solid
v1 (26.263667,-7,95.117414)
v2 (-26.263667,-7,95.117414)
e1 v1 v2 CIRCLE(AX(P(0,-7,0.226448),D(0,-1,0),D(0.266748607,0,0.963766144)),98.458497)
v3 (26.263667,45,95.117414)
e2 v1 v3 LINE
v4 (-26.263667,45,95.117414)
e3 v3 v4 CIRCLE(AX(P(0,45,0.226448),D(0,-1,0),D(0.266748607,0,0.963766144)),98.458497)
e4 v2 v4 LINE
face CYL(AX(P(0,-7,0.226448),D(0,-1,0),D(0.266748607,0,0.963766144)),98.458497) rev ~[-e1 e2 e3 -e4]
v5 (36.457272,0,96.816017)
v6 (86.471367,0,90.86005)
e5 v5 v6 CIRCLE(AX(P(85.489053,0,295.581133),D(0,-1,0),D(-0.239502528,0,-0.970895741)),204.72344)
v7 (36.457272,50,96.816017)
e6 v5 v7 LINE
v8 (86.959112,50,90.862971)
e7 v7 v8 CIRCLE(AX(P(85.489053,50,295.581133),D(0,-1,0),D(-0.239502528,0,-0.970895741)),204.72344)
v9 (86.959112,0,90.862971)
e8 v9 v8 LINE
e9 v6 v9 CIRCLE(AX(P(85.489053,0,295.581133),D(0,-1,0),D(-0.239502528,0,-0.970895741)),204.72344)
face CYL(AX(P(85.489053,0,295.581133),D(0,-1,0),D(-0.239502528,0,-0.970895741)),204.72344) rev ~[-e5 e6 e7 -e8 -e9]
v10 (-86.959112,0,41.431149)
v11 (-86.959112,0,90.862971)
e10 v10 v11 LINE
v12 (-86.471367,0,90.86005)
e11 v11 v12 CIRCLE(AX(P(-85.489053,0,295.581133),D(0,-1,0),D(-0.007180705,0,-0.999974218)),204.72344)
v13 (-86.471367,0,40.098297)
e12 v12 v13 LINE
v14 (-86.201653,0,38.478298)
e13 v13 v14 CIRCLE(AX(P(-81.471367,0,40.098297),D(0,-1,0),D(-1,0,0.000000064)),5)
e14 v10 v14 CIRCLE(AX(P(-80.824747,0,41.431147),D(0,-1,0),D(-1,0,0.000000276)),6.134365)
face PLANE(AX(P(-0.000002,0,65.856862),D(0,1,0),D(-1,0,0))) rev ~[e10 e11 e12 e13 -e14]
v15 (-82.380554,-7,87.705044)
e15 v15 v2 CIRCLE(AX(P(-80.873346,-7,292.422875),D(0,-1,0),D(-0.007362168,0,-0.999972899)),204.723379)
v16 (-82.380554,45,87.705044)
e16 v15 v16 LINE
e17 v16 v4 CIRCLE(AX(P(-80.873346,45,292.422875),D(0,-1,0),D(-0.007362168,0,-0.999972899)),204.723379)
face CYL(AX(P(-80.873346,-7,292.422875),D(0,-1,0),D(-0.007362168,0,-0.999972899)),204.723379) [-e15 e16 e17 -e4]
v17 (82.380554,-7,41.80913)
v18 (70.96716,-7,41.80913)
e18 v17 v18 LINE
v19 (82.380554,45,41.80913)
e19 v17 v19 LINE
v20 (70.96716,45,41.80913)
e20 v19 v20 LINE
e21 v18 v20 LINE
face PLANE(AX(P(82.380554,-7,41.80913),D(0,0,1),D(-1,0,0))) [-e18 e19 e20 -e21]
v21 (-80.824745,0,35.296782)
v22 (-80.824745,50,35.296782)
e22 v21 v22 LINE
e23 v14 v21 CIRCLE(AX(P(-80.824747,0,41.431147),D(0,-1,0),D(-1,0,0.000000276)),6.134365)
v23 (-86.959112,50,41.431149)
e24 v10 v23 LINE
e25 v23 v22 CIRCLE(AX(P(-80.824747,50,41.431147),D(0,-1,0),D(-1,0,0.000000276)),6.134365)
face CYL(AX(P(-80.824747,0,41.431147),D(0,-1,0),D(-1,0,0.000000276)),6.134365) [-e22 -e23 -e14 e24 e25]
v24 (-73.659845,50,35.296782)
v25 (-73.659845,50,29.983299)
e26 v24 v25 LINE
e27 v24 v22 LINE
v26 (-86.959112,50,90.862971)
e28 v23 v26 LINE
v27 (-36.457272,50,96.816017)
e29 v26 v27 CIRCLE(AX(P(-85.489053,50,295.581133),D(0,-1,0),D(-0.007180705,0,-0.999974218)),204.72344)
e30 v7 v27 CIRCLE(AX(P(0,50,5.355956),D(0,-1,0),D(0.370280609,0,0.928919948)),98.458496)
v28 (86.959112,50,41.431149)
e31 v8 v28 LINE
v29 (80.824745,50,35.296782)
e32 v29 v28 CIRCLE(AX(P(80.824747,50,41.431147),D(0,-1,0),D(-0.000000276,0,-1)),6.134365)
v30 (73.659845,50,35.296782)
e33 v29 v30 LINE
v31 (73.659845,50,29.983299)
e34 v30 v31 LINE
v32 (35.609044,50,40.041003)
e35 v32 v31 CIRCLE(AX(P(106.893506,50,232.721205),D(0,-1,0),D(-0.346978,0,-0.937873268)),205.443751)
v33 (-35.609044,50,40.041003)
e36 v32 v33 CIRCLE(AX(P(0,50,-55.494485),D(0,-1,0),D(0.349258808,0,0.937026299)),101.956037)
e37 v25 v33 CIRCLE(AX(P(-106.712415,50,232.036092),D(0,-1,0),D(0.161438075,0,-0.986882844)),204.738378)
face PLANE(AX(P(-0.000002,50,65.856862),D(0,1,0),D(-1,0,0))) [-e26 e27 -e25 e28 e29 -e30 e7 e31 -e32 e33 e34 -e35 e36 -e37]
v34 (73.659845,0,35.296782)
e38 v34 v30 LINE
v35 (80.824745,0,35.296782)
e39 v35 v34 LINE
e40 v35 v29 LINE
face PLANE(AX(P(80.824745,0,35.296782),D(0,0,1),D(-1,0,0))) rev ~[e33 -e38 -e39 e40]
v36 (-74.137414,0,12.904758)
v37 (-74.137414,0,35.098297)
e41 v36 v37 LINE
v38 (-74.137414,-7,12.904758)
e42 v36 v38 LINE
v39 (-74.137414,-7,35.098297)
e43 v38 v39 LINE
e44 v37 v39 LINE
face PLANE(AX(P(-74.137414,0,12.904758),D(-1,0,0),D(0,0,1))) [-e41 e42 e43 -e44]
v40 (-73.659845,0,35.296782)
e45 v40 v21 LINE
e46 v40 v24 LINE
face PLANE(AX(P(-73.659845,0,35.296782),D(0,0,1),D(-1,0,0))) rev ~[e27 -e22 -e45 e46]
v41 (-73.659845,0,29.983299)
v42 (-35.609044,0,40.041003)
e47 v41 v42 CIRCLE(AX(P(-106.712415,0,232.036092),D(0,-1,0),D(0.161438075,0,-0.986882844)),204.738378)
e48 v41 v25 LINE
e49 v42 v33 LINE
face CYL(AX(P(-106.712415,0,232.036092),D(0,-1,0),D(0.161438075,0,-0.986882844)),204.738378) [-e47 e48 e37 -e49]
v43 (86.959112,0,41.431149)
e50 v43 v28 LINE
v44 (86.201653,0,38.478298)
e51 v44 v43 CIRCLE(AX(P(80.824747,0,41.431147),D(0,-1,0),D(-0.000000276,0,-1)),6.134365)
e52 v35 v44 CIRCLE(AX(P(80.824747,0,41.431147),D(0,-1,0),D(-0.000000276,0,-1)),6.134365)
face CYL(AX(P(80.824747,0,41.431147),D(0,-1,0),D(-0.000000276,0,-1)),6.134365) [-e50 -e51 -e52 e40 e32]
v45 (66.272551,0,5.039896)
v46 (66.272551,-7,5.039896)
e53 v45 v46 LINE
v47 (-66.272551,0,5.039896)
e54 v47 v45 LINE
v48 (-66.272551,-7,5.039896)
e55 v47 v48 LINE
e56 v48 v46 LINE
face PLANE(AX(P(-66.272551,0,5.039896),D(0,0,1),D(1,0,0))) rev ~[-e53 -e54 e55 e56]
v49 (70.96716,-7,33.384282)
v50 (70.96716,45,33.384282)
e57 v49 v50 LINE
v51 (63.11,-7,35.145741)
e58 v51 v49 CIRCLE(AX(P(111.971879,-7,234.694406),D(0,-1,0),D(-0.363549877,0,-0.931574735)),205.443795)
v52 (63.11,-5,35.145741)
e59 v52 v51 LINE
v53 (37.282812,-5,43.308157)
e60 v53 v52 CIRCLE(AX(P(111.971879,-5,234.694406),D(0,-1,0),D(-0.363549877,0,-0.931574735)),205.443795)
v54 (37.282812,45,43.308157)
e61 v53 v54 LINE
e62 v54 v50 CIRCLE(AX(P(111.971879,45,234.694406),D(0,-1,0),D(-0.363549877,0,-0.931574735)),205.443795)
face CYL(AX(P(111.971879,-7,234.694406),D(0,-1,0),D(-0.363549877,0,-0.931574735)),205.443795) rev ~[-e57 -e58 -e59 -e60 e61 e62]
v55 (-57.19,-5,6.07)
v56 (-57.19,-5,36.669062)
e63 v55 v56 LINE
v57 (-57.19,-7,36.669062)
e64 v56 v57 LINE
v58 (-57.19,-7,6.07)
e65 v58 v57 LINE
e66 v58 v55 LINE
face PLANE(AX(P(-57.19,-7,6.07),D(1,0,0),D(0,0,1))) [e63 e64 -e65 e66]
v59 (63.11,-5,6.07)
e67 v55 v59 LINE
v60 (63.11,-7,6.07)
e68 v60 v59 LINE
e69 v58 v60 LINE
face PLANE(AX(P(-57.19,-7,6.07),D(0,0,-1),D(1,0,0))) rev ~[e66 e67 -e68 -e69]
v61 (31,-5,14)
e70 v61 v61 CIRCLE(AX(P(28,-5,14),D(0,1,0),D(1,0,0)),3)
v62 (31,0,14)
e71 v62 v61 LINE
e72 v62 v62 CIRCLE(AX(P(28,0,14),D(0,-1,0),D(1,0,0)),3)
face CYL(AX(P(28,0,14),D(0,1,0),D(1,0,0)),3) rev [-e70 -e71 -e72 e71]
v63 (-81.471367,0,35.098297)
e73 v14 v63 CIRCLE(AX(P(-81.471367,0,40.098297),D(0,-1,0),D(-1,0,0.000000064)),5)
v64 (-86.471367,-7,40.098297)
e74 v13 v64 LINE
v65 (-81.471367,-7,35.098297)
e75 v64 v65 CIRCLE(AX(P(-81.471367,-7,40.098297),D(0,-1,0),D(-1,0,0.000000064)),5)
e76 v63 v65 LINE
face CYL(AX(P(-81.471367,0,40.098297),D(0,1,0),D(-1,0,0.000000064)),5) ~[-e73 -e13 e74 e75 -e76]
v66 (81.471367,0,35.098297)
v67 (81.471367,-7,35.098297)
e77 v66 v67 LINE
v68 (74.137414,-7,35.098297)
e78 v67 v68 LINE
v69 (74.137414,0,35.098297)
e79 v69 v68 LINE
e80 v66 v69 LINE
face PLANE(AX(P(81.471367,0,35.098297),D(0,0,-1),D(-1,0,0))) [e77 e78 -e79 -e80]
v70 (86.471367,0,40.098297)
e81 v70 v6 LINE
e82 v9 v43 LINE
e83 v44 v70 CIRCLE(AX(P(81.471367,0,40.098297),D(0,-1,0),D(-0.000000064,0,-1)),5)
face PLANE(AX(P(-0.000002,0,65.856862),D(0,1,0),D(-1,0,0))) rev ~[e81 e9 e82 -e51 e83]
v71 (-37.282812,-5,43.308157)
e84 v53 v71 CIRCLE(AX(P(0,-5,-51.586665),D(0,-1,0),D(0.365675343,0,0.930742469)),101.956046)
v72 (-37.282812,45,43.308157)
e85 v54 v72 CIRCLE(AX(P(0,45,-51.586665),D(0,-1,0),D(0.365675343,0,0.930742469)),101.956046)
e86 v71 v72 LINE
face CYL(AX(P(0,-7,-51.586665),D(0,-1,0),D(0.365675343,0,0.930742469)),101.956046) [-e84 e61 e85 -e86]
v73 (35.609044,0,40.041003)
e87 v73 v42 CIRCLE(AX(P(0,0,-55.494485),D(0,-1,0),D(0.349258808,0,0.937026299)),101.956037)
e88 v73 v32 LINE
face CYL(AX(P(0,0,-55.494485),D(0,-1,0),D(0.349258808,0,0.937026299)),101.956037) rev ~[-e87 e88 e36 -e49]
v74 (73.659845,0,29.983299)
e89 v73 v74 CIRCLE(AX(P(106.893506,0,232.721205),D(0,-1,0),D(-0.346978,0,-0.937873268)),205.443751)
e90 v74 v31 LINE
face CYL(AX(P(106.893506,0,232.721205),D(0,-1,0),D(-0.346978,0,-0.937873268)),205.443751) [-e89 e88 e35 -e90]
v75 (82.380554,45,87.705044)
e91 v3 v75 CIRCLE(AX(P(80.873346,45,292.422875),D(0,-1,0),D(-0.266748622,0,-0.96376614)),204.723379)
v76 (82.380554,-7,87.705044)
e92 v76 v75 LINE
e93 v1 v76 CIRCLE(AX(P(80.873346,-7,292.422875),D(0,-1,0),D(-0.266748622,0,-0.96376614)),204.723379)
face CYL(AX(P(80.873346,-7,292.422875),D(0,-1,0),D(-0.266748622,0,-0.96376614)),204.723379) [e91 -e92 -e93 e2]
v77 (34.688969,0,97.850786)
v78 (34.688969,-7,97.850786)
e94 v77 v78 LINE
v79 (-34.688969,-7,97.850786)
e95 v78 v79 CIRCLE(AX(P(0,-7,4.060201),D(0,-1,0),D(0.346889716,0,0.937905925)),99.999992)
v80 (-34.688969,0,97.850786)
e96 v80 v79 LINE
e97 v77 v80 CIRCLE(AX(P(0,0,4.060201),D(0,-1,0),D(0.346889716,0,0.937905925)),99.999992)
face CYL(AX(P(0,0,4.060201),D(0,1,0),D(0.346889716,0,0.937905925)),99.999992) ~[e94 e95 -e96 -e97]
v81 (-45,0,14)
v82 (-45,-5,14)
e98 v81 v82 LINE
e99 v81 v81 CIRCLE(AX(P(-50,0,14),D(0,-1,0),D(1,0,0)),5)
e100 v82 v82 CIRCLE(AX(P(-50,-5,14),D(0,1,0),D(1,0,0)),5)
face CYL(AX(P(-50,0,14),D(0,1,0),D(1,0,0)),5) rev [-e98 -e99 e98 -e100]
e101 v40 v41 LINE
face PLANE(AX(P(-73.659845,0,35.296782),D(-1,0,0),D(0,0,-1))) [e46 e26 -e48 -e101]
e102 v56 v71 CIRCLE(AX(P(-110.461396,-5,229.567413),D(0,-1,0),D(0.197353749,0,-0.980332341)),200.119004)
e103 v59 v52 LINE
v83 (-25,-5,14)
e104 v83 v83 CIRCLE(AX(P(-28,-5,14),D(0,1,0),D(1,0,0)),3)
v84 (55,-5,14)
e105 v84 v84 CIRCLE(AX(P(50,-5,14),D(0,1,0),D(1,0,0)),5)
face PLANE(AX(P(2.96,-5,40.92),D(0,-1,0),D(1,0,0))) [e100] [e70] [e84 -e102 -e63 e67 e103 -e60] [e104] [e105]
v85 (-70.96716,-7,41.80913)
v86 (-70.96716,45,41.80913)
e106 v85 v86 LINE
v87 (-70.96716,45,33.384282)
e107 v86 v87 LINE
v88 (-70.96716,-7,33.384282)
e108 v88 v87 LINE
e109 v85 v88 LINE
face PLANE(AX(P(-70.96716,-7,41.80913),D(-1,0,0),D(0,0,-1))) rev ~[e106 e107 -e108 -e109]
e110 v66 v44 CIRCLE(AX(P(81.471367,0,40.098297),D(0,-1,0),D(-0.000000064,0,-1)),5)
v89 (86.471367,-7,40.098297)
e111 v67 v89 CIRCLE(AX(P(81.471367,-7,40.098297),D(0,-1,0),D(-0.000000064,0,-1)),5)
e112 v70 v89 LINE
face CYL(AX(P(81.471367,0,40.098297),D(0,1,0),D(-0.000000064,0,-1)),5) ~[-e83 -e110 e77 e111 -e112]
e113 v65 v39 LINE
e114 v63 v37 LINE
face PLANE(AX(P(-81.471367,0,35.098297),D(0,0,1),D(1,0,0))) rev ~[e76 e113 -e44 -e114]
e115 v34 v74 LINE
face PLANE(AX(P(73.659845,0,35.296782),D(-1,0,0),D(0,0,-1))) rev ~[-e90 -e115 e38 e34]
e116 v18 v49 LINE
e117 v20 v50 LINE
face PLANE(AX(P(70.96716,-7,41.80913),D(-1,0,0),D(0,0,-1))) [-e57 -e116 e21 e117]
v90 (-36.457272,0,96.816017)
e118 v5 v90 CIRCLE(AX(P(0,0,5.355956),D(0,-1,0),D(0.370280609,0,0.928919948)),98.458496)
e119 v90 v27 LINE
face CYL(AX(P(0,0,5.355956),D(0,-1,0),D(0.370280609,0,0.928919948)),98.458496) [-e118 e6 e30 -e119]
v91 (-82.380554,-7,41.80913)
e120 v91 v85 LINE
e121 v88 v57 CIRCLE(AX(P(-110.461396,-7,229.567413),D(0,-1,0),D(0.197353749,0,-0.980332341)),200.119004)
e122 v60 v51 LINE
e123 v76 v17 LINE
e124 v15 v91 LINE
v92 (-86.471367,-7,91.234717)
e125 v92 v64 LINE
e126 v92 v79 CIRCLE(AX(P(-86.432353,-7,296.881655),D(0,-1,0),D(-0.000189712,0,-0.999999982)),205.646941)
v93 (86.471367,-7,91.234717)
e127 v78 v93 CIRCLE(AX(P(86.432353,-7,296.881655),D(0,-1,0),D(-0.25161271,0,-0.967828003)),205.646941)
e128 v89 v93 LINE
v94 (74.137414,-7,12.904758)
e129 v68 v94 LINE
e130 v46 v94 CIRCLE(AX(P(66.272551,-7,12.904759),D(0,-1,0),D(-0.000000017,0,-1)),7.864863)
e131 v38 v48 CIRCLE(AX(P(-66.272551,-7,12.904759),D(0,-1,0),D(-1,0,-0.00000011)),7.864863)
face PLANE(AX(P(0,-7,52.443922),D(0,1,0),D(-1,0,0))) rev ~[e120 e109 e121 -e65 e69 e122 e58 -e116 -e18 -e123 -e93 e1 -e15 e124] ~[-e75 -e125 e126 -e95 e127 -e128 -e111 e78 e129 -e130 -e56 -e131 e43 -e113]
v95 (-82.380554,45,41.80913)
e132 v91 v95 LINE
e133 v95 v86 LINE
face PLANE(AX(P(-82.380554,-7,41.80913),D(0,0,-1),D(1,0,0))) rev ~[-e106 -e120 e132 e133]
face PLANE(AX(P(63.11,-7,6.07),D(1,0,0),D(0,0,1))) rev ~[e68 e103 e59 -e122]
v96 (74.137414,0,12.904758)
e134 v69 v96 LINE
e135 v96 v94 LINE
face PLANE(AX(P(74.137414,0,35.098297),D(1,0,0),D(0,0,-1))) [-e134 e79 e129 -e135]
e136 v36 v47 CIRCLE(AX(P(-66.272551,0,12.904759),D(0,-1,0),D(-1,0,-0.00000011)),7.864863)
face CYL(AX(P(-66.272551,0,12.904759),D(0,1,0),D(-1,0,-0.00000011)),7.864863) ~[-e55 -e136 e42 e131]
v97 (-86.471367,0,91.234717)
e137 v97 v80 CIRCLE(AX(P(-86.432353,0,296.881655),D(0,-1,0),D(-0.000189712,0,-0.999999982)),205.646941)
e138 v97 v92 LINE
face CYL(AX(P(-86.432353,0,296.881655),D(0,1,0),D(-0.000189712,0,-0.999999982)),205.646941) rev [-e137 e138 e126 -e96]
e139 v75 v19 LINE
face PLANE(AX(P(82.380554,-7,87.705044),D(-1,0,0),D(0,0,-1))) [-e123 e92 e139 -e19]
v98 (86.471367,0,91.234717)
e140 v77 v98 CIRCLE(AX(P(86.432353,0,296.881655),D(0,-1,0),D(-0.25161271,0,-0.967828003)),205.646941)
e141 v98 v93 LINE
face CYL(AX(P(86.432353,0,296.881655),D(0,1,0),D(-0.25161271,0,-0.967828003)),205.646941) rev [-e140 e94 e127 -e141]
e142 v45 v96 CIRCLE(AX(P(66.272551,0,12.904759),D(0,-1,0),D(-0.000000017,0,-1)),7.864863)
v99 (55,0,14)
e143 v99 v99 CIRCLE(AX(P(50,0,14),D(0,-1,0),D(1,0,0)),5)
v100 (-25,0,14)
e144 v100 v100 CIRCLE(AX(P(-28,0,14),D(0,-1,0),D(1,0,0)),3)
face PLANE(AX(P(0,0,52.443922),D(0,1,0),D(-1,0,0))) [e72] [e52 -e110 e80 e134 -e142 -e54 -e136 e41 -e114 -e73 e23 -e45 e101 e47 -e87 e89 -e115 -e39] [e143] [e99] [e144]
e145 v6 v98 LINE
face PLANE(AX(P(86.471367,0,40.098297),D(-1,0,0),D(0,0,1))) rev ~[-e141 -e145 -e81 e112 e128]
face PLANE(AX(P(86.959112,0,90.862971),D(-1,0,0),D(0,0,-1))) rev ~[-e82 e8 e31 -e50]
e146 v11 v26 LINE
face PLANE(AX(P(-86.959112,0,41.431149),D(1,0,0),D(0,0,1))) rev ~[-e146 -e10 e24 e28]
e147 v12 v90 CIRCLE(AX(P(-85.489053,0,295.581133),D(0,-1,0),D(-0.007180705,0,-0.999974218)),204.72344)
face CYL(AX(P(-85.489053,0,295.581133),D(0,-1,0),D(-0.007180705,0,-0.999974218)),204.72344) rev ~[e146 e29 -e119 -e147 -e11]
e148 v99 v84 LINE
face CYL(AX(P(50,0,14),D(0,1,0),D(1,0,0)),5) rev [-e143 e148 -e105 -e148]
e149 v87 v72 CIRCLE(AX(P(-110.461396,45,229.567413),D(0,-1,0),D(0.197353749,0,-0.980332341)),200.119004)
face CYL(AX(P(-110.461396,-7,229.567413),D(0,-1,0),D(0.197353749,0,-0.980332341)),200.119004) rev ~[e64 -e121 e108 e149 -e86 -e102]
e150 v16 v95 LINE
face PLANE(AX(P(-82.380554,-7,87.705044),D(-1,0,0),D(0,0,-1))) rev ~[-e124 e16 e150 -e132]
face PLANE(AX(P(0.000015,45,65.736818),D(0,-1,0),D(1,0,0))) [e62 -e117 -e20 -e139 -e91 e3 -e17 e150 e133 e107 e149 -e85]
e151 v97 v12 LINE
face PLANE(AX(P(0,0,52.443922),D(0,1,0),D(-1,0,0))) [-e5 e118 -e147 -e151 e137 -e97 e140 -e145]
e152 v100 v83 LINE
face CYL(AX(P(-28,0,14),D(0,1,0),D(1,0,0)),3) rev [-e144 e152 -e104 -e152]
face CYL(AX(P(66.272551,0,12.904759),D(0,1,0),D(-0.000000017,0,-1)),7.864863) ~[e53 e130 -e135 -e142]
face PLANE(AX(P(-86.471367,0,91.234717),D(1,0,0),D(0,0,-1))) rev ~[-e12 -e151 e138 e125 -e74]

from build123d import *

# Parameters (mm, degrees)
SKETCH037_R     = 5
SKETCH037_R_2   = 3
PAD019_DEPTH    = 7
PAD020_DEPTH    = 50
POCKET019_DEPTH = 52
SKETCH055_W     = 120.3
SKETCH055_H     = 69.7
POCKET033_DEPTH = 2


with BuildPart() as part:
    # Sketch037 → Pad019 (new body)
    with BuildSketch(Plane.XZ):
        with BuildLine():
            Line((-74.137414, 12.904758), (-74.137414, 35.098297))
            Line((-81.471367, 35.098297), (-74.137414, 35.098297))
            ThreePointArc((-86.471367, 40.098297), (-85.006901, 36.562763), (-81.471367, 35.098297))
            Line((-86.471367, 91.234717), (-86.471367, 40.098297))
            ThreePointArc((-86.471367, 91.234717), (-60.36938, 92.892964), (-34.688969, 97.850786))
            ThreePointArc((34.688969, 97.850786), (0, 104.060193), (-34.688969, 97.850786))
            ThreePointArc((34.688969, 97.850786), (60.36938, 92.892964), (86.471367, 91.234717))
            Line((86.471367, 40.098297), (86.471367, 91.234717))
            ThreePointArc((81.471367, 35.098297), (85.006901, 36.562763), (86.471367, 40.098297))
            Line((81.471367, 35.098297), (74.137414, 35.098297))
            Line((74.137414, 35.098297), (74.137414, 12.904758))
            ThreePointArc((66.272551, 5.039896), (71.833849, 7.343461), (74.137414, 12.904758))
            Line((-66.272551, 5.039896), (66.272551, 5.039896))
            ThreePointArc((-74.137414, 12.904758), (-71.833849, 7.343461), (-66.272551, 5.039896))
        make_face()
        with Locations((50, 14)):
            Circle(SKETCH037_R, mode=Mode.SUBTRACT)
        with Locations((28, 14)):
            Circle(SKETCH037_R_2, mode=Mode.SUBTRACT)
        with Locations((-28, 14)):
            Circle(SKETCH037_R_2, mode=Mode.SUBTRACT)
        with Locations((-50, 14)):
            Circle(SKETCH037_R, mode=Mode.SUBTRACT)
    extrude(amount=PAD019_DEPTH)

    # Sketch038 → Pad020 (join)
    with BuildSketch(Plane.XZ):
        with BuildLine():
            ThreePointArc((-86.959112, 90.862971), (-61.522638, 92.265374), (-36.457272, 96.816017))
            ThreePointArc((36.457272, 96.816017), (0, 103.814452), (-36.457272, 96.816017))
            ThreePointArc((36.457272, 96.816017), (61.522638, 92.265374), (86.959112, 90.862971))
            Line((86.959112, 90.862971), (86.959112, 41.431149))
            ThreePointArc((80.824745, 35.296782), (85.162398, 37.093496), (86.959112, 41.431149))
            Line((80.824745, 35.296782), (73.659845, 35.296782))
            Line((73.659845, 35.296782), (73.659845, 29.983299))
            ThreePointArc((35.609044, 40.041003), (54.393041, 34.09886), (73.659845, 29.983299))
            ThreePointArc((35.609044, 40.041003), (0, 46.461552), (-35.609044, 40.041003))
            ThreePointArc((-73.659845, 29.983299), (-54.392205, 34.095699), (-35.609044, 40.041003))
            Line((-73.659845, 35.296782), (-73.659845, 29.983299))
            Line((-73.659845, 35.296782), (-80.824745, 35.296782))
            ThreePointArc((-86.959112, 41.431149), (-85.162398, 37.093496), (-80.824745, 35.296782))
            Line((-86.959112, 41.431149), (-86.959112, 90.862971))
        make_face()
    extrude(amount=-PAD020_DEPTH)

    # Sketch041 → Pocket019 (cut)
    with BuildSketch(Plane.XZ.offset(7)):
        with BuildLine():
            Line((-82.380554, 87.705044), (-82.380554, 41.80913))
            Line((-82.380554, 41.80913), (-70.96716, 41.80913))
            Line((-70.96716, 41.80913), (-70.96716, 33.384282))
            ThreePointArc((-70.96716, 33.384282), (-53.906892, 37.605949), (-37.282812, 43.308157))
            ThreePointArc((37.282812, 43.308157), (0, 50.369381), (-37.282812, 43.308157))
            ThreePointArc((37.282812, 43.308157), (53.912566, 37.625207), (70.96716, 33.384282))
            Line((70.96716, 41.80913), (70.96716, 33.384282))
            Line((82.380554, 41.80913), (70.96716, 41.80913))
            Line((82.380554, 87.705044), (82.380554, 41.80913))
            ThreePointArc((26.263667, 95.117414), (54.064692, 89.462391), (82.380554, 87.705044))
            ThreePointArc((26.263667, 95.117414), (0, 98.684945), (-26.263667, 95.117414))
            ThreePointArc((-82.380554, 87.705044), (-54.064692, 89.462391), (-26.263667, 95.117414))
        make_face()
    extrude(amount=-POCKET019_DEPTH, mode=Mode.SUBTRACT)

    # Sketch055 → Pocket033 (cut)
    with BuildSketch(Plane(origin=(6, -7, 41), x_dir=(1, 0, 0), z_dir=(0, -1, 0))):
        with Locations((-3.04, -0.08)):
            Rectangle(SKETCH055_W, SKETCH055_H)
    extrude(amount=-POCKET033_DEPTH, mode=Mode.SUBTRACT)


solid = part.part
